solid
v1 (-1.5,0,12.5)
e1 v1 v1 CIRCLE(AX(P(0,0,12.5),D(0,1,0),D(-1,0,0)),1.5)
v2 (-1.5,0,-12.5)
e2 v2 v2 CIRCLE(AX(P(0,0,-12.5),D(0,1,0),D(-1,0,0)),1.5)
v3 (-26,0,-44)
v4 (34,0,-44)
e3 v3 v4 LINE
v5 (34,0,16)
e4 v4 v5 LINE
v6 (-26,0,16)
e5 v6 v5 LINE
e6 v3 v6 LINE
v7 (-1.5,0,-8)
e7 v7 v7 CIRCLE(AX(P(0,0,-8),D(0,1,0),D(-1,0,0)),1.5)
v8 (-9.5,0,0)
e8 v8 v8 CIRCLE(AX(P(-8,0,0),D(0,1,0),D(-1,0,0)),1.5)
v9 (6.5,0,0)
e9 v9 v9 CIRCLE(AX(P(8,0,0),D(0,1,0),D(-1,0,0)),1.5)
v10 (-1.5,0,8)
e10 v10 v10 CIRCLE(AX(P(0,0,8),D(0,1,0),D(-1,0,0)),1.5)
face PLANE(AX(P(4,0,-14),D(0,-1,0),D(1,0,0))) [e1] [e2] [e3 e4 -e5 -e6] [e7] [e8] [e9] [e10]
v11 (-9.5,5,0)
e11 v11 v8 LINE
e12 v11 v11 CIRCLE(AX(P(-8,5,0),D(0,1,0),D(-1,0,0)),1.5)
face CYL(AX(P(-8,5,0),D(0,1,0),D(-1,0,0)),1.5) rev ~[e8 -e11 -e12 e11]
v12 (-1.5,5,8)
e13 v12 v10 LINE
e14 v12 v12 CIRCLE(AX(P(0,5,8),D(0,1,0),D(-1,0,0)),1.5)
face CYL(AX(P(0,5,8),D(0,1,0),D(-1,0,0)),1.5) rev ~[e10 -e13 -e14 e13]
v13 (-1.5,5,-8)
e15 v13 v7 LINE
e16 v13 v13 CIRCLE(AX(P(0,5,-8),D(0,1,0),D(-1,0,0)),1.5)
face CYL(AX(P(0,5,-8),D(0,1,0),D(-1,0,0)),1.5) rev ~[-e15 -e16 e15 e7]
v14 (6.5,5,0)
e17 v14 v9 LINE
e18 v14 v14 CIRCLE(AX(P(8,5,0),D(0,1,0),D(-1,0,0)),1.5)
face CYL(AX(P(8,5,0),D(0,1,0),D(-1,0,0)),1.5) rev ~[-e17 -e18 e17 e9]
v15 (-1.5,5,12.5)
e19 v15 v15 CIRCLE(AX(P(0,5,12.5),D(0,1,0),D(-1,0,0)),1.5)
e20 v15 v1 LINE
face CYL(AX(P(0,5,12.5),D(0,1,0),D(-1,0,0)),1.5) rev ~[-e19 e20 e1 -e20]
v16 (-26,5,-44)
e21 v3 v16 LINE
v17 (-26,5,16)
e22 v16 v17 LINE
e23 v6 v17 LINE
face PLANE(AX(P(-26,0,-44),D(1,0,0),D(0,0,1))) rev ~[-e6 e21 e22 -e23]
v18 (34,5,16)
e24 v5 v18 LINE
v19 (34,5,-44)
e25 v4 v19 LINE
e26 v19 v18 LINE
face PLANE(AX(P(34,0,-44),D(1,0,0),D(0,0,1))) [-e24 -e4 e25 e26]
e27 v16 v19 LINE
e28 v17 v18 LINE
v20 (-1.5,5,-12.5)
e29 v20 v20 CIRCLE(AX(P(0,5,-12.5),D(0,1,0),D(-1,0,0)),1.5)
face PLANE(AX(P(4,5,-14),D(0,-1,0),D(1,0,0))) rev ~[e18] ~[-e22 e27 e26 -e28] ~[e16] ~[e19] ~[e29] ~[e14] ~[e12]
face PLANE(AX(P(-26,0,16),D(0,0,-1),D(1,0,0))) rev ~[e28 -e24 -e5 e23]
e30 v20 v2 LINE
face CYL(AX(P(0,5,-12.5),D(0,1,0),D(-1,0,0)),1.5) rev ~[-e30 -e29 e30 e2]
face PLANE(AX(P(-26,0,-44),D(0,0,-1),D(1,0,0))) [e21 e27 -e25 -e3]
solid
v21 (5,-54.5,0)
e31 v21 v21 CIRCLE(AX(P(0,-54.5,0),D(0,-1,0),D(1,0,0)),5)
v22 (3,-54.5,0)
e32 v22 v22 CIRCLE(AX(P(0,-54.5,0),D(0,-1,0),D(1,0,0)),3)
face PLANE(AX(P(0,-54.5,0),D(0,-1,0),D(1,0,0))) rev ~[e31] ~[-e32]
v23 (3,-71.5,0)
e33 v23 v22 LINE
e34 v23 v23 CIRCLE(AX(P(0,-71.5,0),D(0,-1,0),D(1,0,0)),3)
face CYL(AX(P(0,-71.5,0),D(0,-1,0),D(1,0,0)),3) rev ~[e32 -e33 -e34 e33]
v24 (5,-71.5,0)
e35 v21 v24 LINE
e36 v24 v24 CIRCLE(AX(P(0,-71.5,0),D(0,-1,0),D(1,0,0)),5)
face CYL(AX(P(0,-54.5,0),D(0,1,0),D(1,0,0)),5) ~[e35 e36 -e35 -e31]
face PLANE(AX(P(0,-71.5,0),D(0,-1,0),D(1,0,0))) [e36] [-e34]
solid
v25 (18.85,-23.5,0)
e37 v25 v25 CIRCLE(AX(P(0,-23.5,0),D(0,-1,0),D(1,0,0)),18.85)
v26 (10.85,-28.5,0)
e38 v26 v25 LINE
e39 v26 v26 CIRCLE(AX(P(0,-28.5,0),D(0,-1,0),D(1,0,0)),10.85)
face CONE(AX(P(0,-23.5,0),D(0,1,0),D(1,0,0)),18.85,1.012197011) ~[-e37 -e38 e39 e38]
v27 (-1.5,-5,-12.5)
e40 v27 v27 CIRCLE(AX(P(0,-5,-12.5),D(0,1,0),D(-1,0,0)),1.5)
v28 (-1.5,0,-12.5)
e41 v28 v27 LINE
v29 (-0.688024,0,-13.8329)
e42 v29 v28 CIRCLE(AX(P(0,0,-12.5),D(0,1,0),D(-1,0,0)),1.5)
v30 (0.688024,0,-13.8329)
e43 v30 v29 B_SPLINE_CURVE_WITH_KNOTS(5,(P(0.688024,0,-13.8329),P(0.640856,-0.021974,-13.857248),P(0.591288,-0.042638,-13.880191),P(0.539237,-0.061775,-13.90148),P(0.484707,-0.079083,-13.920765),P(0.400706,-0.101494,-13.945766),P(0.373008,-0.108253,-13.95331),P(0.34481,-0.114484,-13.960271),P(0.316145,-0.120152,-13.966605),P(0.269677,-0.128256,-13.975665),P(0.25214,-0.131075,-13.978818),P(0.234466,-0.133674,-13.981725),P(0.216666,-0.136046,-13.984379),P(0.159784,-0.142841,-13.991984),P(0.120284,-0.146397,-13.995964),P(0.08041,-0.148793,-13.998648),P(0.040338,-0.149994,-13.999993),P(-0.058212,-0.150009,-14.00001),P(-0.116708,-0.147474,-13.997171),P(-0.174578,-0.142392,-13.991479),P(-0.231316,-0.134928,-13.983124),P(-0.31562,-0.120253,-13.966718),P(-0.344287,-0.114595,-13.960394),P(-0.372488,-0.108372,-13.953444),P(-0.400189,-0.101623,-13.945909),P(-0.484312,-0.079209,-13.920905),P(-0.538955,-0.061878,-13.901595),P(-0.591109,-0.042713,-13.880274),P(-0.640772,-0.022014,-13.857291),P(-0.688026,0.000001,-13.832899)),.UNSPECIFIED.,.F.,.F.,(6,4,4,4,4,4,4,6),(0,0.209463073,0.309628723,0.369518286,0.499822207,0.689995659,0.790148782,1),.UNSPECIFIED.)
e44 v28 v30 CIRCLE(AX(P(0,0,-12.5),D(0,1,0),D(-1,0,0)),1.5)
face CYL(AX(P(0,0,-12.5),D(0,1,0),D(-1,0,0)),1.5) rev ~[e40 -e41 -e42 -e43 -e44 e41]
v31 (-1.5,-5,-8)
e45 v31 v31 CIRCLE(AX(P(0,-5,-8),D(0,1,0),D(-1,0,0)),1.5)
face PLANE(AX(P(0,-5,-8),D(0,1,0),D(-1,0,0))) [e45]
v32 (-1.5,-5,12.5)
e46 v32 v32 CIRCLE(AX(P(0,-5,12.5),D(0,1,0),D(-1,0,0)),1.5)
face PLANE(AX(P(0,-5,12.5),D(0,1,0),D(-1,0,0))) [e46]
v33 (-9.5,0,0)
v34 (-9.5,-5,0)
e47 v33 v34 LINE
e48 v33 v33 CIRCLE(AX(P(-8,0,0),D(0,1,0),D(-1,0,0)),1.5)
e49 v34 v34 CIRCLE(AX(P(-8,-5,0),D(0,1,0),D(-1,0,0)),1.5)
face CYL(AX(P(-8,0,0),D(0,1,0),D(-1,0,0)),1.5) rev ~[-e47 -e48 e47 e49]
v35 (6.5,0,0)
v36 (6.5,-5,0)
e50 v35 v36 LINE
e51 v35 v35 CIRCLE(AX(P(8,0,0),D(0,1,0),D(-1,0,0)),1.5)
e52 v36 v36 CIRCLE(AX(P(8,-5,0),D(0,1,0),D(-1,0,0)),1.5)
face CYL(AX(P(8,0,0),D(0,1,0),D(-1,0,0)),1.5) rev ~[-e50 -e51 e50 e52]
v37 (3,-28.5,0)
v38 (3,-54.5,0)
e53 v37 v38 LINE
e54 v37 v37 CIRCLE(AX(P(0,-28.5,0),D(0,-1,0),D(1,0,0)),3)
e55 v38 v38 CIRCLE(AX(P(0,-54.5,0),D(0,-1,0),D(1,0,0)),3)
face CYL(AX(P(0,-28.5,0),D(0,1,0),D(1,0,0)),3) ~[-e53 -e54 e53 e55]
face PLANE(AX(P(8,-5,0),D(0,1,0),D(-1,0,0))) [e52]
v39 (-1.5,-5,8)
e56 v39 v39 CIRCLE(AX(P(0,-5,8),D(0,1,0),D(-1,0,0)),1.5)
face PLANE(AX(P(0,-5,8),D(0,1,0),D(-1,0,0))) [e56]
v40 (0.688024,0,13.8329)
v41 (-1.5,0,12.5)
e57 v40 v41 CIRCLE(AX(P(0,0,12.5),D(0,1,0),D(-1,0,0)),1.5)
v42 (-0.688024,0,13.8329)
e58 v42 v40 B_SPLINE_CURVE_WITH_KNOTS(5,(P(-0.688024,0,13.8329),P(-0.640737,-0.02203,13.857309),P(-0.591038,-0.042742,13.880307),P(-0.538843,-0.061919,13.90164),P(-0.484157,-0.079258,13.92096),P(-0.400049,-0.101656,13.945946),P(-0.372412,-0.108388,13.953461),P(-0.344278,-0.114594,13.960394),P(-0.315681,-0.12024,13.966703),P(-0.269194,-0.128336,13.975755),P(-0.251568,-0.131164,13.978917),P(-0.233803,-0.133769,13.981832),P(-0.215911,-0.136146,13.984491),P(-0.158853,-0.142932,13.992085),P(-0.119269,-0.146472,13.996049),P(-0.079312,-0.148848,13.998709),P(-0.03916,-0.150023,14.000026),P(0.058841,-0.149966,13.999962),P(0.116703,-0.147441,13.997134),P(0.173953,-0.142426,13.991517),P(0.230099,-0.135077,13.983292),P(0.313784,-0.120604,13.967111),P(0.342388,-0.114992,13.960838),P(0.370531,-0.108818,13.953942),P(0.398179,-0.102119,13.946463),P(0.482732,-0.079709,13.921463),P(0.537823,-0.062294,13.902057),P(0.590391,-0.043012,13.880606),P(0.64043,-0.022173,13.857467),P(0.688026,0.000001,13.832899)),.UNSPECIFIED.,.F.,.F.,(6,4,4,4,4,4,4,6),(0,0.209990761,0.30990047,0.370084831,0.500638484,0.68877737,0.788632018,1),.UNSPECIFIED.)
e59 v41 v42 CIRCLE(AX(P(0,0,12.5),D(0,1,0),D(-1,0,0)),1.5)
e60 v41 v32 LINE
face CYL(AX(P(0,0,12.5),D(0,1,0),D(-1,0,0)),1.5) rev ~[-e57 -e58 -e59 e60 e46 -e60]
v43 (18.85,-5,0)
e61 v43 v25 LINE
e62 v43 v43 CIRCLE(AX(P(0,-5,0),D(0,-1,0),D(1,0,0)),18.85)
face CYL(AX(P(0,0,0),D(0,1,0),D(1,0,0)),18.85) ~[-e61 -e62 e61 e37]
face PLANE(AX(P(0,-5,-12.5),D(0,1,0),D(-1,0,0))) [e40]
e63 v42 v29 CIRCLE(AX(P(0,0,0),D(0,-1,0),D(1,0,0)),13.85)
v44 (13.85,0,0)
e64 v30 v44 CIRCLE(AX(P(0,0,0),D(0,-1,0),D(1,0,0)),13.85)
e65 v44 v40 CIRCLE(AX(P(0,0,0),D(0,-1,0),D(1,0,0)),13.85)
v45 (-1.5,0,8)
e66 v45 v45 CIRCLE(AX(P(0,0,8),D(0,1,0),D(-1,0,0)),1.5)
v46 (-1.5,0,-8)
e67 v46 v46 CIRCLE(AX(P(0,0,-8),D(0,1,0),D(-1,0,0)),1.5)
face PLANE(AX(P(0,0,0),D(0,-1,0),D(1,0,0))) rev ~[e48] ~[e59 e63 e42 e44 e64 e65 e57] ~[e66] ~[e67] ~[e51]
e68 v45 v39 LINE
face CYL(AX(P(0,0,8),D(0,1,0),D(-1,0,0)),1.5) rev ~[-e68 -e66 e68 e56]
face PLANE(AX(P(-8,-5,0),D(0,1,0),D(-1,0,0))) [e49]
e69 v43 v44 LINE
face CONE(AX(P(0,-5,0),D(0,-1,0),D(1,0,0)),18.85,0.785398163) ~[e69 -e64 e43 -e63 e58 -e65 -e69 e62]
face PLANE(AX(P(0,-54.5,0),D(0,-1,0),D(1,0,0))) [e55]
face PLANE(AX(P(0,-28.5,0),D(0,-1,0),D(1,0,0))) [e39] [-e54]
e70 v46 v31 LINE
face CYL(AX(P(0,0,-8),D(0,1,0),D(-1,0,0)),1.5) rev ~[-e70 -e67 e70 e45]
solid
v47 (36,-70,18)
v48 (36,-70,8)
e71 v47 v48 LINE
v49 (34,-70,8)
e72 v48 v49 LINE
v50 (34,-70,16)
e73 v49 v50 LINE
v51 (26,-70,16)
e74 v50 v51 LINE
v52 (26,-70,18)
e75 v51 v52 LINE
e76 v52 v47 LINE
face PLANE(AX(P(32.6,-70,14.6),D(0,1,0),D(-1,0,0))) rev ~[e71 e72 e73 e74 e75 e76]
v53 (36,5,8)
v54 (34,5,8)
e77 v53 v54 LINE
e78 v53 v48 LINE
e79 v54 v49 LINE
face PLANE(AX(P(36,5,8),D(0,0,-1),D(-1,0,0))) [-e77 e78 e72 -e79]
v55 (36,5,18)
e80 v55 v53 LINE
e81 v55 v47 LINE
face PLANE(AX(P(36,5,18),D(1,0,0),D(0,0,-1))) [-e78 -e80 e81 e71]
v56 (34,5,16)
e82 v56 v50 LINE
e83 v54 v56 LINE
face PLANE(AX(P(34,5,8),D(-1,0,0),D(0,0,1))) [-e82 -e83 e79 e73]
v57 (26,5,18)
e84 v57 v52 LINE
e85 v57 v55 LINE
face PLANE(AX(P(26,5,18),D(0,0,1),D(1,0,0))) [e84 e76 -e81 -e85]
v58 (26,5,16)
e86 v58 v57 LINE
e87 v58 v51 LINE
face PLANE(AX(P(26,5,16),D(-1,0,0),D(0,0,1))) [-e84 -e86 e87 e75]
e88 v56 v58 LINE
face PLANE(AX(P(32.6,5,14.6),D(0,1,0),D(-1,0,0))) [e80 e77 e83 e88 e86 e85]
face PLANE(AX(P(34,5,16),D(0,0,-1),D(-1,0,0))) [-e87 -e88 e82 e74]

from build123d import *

# Parameters (mm, degrees)
F0_R      = 18.85
F1_DEPTH  = 28.5
F2_SIZE2  = 5
F2_SIZE   = 8
F3_SIZE   = 5
F4_R      = 3
F5_DEPTH  = 26
F6_R      = 5
F7_DEPTH  = 17
F8_R      = 3
F9_DEPTH  = 17
F10_R     = 1.5
F11_DEPTH = 5
F12_W     = 60
F12_H     = 60
F13_DEPTH = 5
F14_R     = 1.5
F15_DEPTH = 5
F17_DEPTH = 75


with BuildPart() as f1:
    # F0 (on Front) → F1 (new body)
    with BuildSketch(Plane.XZ):
        Circle(F0_R)
    extrude(amount=F1_DEPTH)

    # F2
    f2_edges = [f1.edges().sort_by_distance(p)[0] for p in [
        (-18.85, -28.5, 0),
    ]]
    f2_side = f1.faces().sort_by_distance((0, -28.5, 0))[0]
    chamfer(f2_edges, length=F2_SIZE, length2=F2_SIZE2, reference=f2_side)

    # F3
    f3_edges = [f1.edges().sort_by_distance(p)[0] for p in [
        (-18.85, 0, 0),
    ]]
    chamfer(f3_edges, length=F3_SIZE)

    # F4 (on face) → F5 (join)
    with BuildSketch(Plane.XZ.offset(28.5)):
        Circle(F4_R)
    extrude(amount=F5_DEPTH)

    # F10 (on face) → F11 (cut)
    with BuildSketch(Plane(origin=(0, 0, 0), x_dir=(-1, 0, 0), z_dir=(0, 1, 0))):
        with Locations((0, 8)):
            Circle(F10_R)
        with Locations((0, 12.5)):
            Circle(F10_R)
        with Locations((0, -8)):
            Circle(F10_R)
        with Locations((0, -12.5)):
            Circle(F10_R)
        with Locations((-8, 0)):
            Circle(F10_R)
        with Locations((8, 0)):
            Circle(F10_R)
    extrude(amount=-F11_DEPTH, mode=Mode.SUBTRACT)


with BuildPart() as f7:
    # F6 (on face) → F7 (new body)
    with BuildSketch(Plane.XZ.offset(54.5)):
        Circle(F6_R)
    extrude(amount=F7_DEPTH)

    # F8 (on face) → F9 (cut, through all)
    with BuildSketch(Plane.XZ.offset(71.5)):
        Circle(F8_R)
    extrude(amount=-F9_DEPTH, mode=Mode.SUBTRACT)


with BuildPart() as f13:
    # F12 (on Front) → F13 (new body)
    with BuildSketch(Plane.XZ):
        with Locations((4, -14)):
            Rectangle(F12_W, F12_H)
    extrude(amount=-F13_DEPTH)

    # F14 (on face) → F15 (cut, through all)
    with BuildSketch(Plane(origin=(0, 5, 0), x_dir=(-1, 0, 0), z_dir=(0, 1, 0))):
        with Locations((-8, 0)):
            Circle(F14_R)
        with Locations((0, 8)):
            Circle(F14_R)
        with Locations((0, 12.5)):
            Circle(F14_R)
        with Locations((0, -8)):
            Circle(F14_R)
        with Locations((0, -12.5)):
            Circle(F14_R)
        with Locations((8, 0)):
            Circle(F14_R)
    extrude(amount=-F15_DEPTH, mode=Mode.SUBTRACT)


with BuildPart() as f17:
    # F16 (on face) → F17 (new body)
    with BuildSketch(Plane(origin=(0, 5, 0), x_dir=(-1, 0, 0), z_dir=(0, 1, 0))):
        Polygon((-34, 8), (-34, 16), (-26, 16), (-26, 18), (-36, 18), (-36, 8), align=None)
    extrude(amount=-F17_DEPTH)


solid = Compound([f1.part, f7.part, f13.part, f17.part])
